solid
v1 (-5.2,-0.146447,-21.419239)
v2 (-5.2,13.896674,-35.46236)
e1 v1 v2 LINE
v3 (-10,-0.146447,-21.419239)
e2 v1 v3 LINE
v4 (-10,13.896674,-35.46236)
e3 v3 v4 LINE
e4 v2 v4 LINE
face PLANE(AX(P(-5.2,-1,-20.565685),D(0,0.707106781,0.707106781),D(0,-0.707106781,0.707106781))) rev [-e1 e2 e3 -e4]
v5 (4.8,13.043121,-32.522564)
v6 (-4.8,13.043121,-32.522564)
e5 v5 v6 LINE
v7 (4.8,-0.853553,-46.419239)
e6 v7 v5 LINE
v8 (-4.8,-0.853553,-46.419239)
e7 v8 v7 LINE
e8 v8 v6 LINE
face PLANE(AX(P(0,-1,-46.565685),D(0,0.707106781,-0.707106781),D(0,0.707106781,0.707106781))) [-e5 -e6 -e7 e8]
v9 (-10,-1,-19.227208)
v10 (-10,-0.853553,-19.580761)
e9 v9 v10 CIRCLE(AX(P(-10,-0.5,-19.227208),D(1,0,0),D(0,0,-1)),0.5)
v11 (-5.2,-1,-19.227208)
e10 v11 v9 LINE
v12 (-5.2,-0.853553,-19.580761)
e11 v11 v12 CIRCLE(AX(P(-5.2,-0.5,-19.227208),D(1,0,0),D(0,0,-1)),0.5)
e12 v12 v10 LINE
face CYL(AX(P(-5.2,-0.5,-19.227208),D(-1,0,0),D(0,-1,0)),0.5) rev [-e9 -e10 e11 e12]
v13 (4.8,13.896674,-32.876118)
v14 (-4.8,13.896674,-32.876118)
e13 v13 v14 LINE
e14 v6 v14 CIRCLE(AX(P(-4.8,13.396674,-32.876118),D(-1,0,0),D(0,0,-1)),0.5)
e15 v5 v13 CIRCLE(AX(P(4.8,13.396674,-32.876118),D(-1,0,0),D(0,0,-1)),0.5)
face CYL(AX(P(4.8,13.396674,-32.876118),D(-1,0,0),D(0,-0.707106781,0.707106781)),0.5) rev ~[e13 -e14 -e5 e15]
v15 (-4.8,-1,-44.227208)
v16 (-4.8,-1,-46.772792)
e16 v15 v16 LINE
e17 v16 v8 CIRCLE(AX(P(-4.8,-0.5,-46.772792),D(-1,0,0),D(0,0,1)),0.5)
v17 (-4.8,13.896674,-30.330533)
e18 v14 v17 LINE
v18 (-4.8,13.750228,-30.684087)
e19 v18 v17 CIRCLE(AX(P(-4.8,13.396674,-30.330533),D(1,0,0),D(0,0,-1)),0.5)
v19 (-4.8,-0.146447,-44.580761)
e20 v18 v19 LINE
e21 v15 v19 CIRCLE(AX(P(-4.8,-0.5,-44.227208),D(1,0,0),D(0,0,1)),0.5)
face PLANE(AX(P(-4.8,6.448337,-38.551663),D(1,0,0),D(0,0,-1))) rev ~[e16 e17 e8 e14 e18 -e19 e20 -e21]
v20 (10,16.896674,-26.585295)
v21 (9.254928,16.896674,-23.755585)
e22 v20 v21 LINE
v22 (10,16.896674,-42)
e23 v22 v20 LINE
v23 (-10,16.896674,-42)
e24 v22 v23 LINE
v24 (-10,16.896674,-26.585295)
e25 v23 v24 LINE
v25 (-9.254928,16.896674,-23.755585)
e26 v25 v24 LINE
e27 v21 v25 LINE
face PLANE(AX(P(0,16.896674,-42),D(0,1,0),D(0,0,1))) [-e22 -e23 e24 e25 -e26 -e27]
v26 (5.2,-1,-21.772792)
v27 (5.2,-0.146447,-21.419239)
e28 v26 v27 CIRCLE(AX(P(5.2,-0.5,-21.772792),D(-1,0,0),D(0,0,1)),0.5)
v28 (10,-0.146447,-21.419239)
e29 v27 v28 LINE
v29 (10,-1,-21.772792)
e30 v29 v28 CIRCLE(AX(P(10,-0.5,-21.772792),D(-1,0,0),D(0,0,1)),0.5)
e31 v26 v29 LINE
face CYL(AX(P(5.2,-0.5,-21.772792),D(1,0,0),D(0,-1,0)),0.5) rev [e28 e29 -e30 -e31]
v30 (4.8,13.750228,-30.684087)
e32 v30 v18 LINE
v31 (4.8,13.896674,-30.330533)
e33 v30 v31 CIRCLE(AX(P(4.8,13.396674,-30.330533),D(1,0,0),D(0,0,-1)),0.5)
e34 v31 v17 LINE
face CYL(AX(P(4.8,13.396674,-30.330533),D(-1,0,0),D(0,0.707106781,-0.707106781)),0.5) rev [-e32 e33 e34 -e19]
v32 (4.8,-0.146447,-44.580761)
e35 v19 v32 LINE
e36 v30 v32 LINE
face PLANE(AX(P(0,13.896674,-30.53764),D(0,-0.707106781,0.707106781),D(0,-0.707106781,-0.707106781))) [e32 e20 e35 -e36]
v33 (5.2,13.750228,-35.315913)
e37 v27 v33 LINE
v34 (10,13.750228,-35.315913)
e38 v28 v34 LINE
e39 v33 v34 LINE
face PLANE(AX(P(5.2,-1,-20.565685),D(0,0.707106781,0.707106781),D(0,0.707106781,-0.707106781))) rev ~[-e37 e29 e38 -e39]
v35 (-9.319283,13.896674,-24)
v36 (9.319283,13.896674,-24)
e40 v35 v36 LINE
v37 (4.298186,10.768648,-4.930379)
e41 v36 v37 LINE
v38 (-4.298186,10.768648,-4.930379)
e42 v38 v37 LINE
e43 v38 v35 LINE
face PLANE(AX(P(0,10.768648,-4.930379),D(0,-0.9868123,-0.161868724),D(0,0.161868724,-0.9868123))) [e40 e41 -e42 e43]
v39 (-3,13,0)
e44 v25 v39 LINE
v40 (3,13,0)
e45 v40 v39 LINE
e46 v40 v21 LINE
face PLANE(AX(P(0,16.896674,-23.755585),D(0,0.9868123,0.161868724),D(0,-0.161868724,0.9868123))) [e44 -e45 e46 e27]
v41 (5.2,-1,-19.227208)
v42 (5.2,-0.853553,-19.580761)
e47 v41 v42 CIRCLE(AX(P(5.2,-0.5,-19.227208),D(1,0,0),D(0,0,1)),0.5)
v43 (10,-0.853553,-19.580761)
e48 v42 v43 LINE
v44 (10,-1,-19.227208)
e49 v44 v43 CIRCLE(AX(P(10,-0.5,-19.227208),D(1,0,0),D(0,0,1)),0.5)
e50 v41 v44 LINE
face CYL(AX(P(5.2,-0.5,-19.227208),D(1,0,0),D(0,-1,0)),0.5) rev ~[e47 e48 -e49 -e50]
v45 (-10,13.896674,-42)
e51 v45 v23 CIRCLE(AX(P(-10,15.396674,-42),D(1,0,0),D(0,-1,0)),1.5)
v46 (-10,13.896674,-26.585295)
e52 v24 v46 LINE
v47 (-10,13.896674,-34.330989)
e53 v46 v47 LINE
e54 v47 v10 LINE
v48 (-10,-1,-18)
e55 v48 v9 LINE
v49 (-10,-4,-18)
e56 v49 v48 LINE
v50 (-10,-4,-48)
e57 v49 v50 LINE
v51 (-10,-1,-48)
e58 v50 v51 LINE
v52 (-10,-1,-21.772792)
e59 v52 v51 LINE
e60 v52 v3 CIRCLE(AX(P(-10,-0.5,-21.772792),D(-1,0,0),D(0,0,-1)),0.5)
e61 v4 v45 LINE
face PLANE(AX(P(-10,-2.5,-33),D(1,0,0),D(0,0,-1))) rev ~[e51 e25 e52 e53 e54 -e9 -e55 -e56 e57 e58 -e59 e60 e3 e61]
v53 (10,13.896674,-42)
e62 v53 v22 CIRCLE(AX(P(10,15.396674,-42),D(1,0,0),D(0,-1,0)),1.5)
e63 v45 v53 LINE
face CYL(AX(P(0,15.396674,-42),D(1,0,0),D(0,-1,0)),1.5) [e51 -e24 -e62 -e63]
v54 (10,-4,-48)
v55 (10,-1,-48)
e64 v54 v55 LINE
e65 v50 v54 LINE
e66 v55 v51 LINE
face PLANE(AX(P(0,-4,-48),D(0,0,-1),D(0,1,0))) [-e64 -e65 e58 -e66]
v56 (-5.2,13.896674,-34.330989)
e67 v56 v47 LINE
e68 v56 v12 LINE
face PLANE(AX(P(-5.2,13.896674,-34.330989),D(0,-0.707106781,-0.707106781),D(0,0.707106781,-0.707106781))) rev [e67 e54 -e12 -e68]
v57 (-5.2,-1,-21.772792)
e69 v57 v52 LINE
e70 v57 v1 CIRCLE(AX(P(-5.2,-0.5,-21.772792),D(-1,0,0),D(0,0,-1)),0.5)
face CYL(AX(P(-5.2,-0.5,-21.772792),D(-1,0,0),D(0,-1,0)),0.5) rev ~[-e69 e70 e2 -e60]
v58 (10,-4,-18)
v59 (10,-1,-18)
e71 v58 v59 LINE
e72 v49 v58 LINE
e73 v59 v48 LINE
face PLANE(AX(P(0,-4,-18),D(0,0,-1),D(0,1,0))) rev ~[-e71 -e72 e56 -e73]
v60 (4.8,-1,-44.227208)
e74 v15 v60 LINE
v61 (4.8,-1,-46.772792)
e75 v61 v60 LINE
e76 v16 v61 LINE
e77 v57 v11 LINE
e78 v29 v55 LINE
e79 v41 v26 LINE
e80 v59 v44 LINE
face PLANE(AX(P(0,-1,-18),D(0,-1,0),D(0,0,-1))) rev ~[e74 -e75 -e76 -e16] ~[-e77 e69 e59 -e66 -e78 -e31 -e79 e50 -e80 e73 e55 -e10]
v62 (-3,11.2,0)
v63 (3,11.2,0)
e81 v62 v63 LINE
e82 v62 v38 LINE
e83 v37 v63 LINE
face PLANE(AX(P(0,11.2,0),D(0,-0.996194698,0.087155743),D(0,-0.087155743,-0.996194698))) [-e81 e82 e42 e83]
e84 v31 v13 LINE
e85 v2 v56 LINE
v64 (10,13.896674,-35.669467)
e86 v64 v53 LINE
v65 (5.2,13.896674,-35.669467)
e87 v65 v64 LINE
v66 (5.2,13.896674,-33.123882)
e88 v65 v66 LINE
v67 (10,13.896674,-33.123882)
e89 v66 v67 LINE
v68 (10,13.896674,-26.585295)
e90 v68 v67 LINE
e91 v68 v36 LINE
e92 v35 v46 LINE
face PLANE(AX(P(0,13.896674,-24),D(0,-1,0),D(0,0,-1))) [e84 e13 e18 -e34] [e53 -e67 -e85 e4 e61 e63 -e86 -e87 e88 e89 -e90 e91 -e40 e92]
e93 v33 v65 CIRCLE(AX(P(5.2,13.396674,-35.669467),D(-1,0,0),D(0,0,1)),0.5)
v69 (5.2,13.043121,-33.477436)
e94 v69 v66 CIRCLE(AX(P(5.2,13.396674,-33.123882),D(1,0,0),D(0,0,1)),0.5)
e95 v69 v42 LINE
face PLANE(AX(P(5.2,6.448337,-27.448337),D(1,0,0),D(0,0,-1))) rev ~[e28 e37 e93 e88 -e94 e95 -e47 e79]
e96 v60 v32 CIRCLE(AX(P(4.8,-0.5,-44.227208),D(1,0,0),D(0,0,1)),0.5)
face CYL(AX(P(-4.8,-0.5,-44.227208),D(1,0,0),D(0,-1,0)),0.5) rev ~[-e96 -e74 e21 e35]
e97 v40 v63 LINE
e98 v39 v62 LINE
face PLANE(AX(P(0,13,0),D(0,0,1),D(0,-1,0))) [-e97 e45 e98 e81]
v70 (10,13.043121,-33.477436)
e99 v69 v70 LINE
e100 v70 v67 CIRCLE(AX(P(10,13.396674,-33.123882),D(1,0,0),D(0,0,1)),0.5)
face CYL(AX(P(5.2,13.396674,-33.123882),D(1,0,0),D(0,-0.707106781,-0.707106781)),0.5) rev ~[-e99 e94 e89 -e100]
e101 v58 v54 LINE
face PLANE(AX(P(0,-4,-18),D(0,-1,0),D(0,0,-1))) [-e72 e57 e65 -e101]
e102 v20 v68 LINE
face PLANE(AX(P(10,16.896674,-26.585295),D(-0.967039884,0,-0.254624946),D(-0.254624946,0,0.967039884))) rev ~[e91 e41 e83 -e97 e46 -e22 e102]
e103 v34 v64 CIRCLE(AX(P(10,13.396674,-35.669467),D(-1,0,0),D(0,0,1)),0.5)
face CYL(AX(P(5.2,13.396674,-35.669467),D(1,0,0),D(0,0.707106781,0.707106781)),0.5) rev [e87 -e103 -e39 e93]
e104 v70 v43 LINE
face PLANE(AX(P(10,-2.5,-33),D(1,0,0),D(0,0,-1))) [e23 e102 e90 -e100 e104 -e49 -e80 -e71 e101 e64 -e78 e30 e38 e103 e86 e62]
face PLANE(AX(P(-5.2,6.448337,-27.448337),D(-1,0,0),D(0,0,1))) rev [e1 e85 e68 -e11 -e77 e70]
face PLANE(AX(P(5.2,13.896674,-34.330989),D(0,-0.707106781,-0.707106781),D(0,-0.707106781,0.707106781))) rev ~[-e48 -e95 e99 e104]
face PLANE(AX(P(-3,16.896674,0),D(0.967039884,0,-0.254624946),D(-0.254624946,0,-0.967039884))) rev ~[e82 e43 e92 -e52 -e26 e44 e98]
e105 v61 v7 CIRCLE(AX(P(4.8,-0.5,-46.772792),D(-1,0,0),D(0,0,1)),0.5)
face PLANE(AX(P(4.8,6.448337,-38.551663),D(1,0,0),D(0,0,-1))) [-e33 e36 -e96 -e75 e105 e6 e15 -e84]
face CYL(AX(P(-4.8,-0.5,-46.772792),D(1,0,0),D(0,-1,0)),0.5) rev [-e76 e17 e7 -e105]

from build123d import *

# Parameters (mm, degrees)
BOSS_EXTRUDE1_DEPTH   = 10
SKETCH1_W             = 30
SKETCH1_H             = 3
BOSS_EXTRUDE1_2_DEPTH = 10
BOSS_EXTRUDE2_DEPTH   = 4.8
BOSS_EXTRUDE3_START   = 5.2
BOSS_EXTRUDE3_DEPTH   = 4.8
FILLET1_R             = 0.5
CUT_EXTRUDE1_REACH    = 55.298


with BuildPart() as part:
    # Sketch1 → Boss-Extrude1 (new, symmetric)
    with BuildSketch(Plane(origin=(0, 0, 0), x_dir=(0, 0, -1), z_dir=(1, 0, 0))):
        with BuildLine():
            Line((0, 13), (0, 11.2))
            Line((0, 11.2), (4.930378913, 10.768647738))
            Line((4.930378913, 10.768647738), (24, 13.896674439))
            Line((24, 13.896674439), (42, 13.896674439))
            ThreePointArc((42, 13.896674439), (43.5, 15.396674439), (42, 16.896674439))
            Line((42, 16.896674439), (23.755585281, 16.896674439))
            Line((23.755585281, 16.896674439), (0, 13))
        make_face()
    extrude(amount=BOSS_EXTRUDE1_DEPTH, both=True)



with BuildPart() as body_2:
    # Sketch1 → Boss-Extrude1 2 (new, symmetric)
    with BuildSketch(Plane(origin=(0, 0, 0), x_dir=(0, 0, -1), z_dir=(1, 0, 0))):
        with Locations((33, -2.5)):
            Rectangle(SKETCH1_W, SKETCH1_H)
    extrude(amount=BOSS_EXTRUDE1_2_DEPTH, both=True)


with BuildPart() as part_1:
    add(part.part)

    add(body_2.part)  # Boss-Extrude2 merges body 2
    # Sketch2 → Boss-Extrude2 (add, symmetric)
    with BuildSketch(Plane(origin=(0, 0, 0), x_dir=(0, 0, -1), z_dir=(1, 0, 0))):
        Polygon((30.537640136, 13.896674439), (45.434314575, -1), (46.565685425, -1), (31.669010986, 13.896674439), align=None)
    extrude(amount=BOSS_EXTRUDE2_DEPTH, both=True)

    # Sketch3 → Boss-Extrude3 (add)
    with BuildSketch(Plane(origin=(0, 0, 0), x_dir=(0, 0, -1), z_dir=(1, 0, 0)).offset(BOSS_EXTRUDE3_START)):
        Polygon((19.434314575, -1), (20.565685425, -1), (35.462359864, 13.896674439), (34.330989014, 13.896674439), align=None)
    boss_extrude3 = extrude(amount=BOSS_EXTRUDE3_DEPTH)

    # Mirror1: Boss-Extrude3 across plane
    add(boss_extrude3.mirror(Plane(origin=(0, 0, 0), x_dir=(0, 0, 1), z_dir=(1, 0, 0))))

    # Fillet1
    fillet1_edges = [part_1.edges().sort_by_distance(p)[0] for p in [
        (0, 13.896674439, -31.669010986),
        (0, 13.896674439, -30.537640136),
        (0, -1, -45.434314575),
        (0, -1, -46.565685425),
        (7.6, -1, -20.565685425),
        (7.6, 13.896674439, -35.462359864),
        (7.6, 13.896674439, -34.330989014),
        (7.6, -1, -19.434314575),
        (-7.6, -1, -20.565685425),
        (-7.6, -1, -19.434314575),
    ]]
    fillet(fillet1_edges, radius=FILLET1_R)

    # Sketch4 → Cut-Extrude1 (cut, up to next)
    with BuildSketch(Plane(origin=(0, 16.896674439, 0), x_dir=(1, 0, 0), z_dir=(0, 1, 0)), mode=Mode.PRIVATE) as cut_extrude1_sk1:
        Polygon((-3, 0), (-10, 26.585294569), (-10, 0), align=None)
    cut_extrude1_tool1 = extrude(cut_extrude1_sk1.sketch, amount=-CUT_EXTRUDE1_REACH, mode=Mode.PRIVATE) & part_1.part
    # Sketch4 → Cut-Extrude1 (cut, up to next)
    with BuildSketch(Plane(origin=(0, 16.896674439, 0), x_dir=(1, 0, 0), z_dir=(0, 1, 0)), mode=Mode.PRIVATE) as cut_extrude1_sk2:
        Polygon((3, 0), (10, 0), (10, 26.585294569), align=None)
    cut_extrude1_tool2 = extrude(cut_extrude1_sk2.sketch, amount=-CUT_EXTRUDE1_REACH, mode=Mode.PRIVATE) & part_1.part
    add(cut_extrude1_tool1.solids().sort_by_distance((-7.666667, 16.896674, -8.861765))[0], mode=Mode.SUBTRACT)
    add(cut_extrude1_tool2.solids().sort_by_distance((7.666667, 16.896674, -8.861765))[0], mode=Mode.SUBTRACT)


solid = part_1.part
